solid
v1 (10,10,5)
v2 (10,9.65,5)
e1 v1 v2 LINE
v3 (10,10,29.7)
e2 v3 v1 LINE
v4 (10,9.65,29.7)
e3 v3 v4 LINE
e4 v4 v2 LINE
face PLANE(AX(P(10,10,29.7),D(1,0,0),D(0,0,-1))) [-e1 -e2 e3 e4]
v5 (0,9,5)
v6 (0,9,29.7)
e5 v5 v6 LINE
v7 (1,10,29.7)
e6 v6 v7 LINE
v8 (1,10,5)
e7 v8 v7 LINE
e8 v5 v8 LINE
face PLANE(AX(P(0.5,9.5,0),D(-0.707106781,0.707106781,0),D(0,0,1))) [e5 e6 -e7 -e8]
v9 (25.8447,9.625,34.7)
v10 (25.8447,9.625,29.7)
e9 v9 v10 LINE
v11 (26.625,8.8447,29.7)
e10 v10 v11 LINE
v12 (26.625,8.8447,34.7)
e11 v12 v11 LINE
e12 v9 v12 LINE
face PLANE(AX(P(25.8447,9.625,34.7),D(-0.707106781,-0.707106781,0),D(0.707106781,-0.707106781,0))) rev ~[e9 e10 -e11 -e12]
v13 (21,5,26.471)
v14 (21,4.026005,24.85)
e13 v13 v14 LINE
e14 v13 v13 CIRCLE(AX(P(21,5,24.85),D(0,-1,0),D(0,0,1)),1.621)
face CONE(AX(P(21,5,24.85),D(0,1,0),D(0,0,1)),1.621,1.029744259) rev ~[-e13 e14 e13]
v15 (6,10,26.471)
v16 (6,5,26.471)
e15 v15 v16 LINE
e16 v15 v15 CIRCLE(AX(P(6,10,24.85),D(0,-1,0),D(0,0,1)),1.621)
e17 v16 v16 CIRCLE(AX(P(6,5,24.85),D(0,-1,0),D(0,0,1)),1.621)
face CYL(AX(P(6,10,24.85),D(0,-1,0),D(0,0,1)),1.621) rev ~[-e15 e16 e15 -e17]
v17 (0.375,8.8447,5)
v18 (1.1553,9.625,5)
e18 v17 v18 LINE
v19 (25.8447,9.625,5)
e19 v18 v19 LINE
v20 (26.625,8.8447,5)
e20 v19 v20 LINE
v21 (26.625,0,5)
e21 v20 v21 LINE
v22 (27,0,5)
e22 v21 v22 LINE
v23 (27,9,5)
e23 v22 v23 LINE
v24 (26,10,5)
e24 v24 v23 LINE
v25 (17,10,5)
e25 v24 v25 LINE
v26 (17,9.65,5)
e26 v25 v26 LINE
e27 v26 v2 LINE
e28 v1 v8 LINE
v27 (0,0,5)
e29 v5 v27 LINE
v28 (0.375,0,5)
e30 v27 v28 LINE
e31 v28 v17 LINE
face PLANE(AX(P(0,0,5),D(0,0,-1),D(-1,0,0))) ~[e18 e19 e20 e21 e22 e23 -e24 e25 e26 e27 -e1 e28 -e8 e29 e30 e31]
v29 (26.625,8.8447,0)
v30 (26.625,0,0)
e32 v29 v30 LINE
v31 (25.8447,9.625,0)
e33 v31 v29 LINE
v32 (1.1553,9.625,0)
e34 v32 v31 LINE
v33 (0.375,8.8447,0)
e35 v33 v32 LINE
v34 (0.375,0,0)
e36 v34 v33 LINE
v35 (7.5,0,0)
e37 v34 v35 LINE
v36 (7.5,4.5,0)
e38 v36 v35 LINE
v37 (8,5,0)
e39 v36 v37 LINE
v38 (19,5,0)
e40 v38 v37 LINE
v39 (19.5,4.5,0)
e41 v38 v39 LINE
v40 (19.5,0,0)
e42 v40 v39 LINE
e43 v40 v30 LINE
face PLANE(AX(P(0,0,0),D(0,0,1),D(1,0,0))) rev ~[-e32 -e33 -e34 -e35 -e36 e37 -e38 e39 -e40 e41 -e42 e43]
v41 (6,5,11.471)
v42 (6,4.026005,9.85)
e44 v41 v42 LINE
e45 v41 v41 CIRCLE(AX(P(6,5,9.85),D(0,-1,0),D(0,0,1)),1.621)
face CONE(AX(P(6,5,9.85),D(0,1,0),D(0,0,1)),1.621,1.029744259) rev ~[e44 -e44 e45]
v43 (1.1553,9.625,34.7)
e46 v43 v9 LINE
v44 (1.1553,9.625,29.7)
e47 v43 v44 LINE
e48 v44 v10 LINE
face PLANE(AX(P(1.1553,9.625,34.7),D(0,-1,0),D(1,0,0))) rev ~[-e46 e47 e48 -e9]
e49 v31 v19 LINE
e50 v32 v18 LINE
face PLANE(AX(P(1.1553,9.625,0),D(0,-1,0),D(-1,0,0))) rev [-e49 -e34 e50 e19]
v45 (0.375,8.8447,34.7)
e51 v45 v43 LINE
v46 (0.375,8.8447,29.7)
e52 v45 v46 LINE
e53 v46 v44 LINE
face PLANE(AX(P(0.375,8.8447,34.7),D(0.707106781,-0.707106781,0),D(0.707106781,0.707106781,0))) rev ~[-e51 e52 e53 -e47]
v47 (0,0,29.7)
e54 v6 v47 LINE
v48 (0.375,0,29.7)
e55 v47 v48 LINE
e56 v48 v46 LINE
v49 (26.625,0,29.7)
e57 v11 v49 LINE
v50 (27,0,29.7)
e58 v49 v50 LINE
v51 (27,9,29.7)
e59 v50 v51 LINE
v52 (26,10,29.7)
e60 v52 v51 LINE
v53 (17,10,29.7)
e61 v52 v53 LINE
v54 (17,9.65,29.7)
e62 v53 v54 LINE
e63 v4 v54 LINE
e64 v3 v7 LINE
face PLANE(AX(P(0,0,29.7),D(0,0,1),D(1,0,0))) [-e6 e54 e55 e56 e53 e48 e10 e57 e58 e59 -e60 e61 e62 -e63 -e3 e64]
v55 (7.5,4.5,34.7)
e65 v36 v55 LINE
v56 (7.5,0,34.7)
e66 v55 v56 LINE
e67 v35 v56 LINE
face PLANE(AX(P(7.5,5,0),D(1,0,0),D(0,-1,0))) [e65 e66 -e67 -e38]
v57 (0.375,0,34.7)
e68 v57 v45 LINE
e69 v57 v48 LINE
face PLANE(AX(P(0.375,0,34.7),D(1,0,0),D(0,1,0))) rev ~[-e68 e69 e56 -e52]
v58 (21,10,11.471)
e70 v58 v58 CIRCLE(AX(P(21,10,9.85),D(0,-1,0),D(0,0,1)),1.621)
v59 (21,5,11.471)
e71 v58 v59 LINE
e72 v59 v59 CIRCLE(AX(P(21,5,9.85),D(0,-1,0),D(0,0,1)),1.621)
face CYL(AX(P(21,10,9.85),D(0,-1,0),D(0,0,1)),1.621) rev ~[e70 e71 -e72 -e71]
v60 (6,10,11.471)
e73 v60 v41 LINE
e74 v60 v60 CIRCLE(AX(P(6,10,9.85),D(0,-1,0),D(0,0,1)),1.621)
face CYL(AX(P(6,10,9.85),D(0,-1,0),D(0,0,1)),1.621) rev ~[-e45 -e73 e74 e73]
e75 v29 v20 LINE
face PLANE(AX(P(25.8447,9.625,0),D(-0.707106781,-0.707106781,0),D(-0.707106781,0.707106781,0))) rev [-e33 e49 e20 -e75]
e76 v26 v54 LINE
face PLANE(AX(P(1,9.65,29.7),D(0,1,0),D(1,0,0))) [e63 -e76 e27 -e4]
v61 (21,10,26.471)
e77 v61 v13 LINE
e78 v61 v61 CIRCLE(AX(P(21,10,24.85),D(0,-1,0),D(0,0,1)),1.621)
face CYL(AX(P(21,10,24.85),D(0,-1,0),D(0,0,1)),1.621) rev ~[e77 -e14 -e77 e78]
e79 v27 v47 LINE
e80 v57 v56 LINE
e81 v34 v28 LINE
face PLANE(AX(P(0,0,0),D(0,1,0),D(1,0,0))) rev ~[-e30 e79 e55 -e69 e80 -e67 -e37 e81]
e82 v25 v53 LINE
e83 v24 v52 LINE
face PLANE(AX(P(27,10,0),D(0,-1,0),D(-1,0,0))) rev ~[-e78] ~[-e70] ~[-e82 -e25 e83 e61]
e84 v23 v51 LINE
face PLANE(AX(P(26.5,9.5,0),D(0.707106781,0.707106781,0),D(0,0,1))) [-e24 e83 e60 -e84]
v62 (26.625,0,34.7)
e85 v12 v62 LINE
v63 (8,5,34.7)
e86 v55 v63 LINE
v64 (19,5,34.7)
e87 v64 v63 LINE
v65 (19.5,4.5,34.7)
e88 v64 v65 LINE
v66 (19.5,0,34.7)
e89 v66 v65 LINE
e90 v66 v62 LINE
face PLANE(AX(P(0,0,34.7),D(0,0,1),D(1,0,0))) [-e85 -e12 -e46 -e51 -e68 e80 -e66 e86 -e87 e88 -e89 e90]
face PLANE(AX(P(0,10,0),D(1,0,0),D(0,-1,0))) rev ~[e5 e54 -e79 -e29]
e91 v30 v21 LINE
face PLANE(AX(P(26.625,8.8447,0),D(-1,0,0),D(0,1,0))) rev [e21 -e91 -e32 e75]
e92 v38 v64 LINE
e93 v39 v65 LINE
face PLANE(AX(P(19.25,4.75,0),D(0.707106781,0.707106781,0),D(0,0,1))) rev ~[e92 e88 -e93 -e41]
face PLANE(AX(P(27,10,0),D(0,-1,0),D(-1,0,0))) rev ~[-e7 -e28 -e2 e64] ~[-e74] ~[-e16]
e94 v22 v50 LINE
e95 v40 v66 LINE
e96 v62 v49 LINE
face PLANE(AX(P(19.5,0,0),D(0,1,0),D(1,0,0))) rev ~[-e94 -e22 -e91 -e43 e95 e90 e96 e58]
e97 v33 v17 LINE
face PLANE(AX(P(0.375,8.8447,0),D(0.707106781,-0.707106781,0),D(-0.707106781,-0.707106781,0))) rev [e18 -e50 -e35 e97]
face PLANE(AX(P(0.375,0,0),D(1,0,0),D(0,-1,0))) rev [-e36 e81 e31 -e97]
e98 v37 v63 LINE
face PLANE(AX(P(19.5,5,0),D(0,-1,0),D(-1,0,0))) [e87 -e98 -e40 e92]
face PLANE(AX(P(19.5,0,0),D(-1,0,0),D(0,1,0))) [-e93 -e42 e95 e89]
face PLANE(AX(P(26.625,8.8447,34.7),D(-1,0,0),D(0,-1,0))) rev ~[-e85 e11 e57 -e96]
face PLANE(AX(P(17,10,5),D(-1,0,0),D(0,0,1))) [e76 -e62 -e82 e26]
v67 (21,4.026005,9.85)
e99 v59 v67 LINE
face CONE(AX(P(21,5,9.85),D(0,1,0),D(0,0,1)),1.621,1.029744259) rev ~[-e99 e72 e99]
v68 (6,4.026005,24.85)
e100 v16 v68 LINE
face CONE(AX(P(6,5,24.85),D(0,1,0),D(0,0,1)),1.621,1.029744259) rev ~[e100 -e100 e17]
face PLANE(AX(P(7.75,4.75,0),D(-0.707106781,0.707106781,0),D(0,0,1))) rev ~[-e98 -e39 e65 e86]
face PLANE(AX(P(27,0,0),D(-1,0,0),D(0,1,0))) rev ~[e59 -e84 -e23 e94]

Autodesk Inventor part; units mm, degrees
ref_plane "YZ Plane" through (0, 0, 0) normal (1, 0, 0) x (0, 1, 0)
ref_plane "XZ Plane" through (0, 0, 0) normal (0, 1, 0) x (-1, 0, 0)
ref_plane "XY Plane" through (0, 0, 0) normal (0, 0, 1) x (1, 0, 0)
sketch "Sketch1" plane through (0, 0, 0) normal (0, 0, 1) x (1, 0, 0)
  line L0 (0, 0) -> (27, 0)
  line L1 (27, 0) -> (27, 10)
  line L2 (27, 10) -> (0, 10)
  line L3 (0, 10) -> (0, 0)
  line L4 (7.5, 0) -> (19.5, 0)
  line L5 (19.5, 0) -> (19.5, 5)
  line L6 (19.5, 5) -> (7.5, 5)
  line L7 (7.5, 5) -> (7.5, 0)
  point P0 (13.5, 5)
  point P1 (13.5, 10)
  dimension "d0" = 27
  dimension "d1" = 10
  dimension "d2" = 5
  dimension "d3" = 12
extrude "Extrusion1" add sketch "Sketch1" along normal blind 34.7 contours L3 L2 L1 L0 L5 L6 L7
chamfer "Chamfer1" distance 1 angle 45 2 edges at (27, 10, 17.35) (0, 10, 17.35)
chamfer "Chamfer2" distance 0.5 angle 45 2 edges at (7.5, 5, 17.35) (19.5, 5, 17.35)
sketch "Sketch2" plane through (1, 10, 0) normal (0, 1, 0) x (1, 0, 0)
  line L0 (18, -34.7) -> (18, 0) projected
  line L1 (-1, 0) -> (-1, -34.7) projected
  line L2 (25, 0) -> (0, 0) projected
  line L3 (5, -9.85) -> (20, -9.85)
  line L4 (20, -9.85) -> (20, -24.85)
  line L5 (20, -24.85) -> (5, -24.85)
  line L6 (5, -24.85) -> (5, -9.85)
  line L7 (25, 0) -> (25, -34.7) projected
  point P0 (-1, -17.35)
  point P1 (12.5, 0)
  point P2 (12.5, -9.85)
  point P3 (12.5, 0)
  point P4 (20, -17.35)
  point P5 (25, -17.35)
  dimension "d12" = 15
  dimension "d13" = 15
hole "Hole1" at (21, 10, 9.85) at (21, 10, 24.85) at (6, 10, 24.85) at (6, 10, 9.85) direction (0, -1, 0) diameter 3.242 depth 5 tip angle 118 thread size "M4x0.7" class "6H" standard "ISO Metric profile"
sketch "Sketch3" plane through (0, 0, 34.7) normal (0, 0, 1) x (1, 0, 0)
  line L0 (0, 9) -> (0, 0) projected
  line L1 (0, 9) -> (1, 10) projected
  line L2 (26, 10) -> (1, 10) projected
  line L3 (26, 10) -> (27, 9) projected
  line L4 (27, 0) -> (27, 9) projected
  line L5 (0.375, 0) -> (0.375, 8.8447)
  line L6 (0.375, 8.8447) -> (1.1553, 9.625)
  line L7 (1.1553, 9.625) -> (25.8447, 9.625)
  line L8 (25.8447, 9.625) -> (26.625, 8.8447)
  line L9 (26.625, 8.8447) -> (26.625, 0)
  line L10 (19.5, 0) -> (27, 0) projected
  line L11 (26.625, 0) -> (27, 0)
  line L12 (27, 0) -> (0.375, 0)
  line L13 (0, 0) -> (7.5, 0) projected
  line L14 (0.375, 0) -> (0, 0)
  dimension "d21" = 0.375
extrude "Extrusion2" cut sketch "Sketch3" against normal blind 5 contours L1 L2 L3 L4 L10 L9 L8 L7 L6 L5 L13 L0
ref_plane "Work Plane1" through (0, 0, 17.35) normal (0, 0, 1) x (1, 0, 0)
mirror "Mirror1" about plane through (0, 0, 17.35) normal (0, 0, 1) of "Extrusion2"
sketch "Sketch4" plane through (1, 10, 29.7) normal (0, 1, 0) x (1, 0, 0)
  circle A0 centre (5, 19.85) radius 1.621 projected
  circle A1 centre (20, 4.85) radius 1.621 projected
  circle A2 centre (20, 19.85) radius 1.621 projected
  circle A3 centre (5, 4.85) radius 1.621 projected
  line L0 (25, 24.7) -> (0, 24.7) projected
  line L1 (0, 0) -> (0, 24.7) projected
  line L2 (0, 0) -> (25, 0) projected
  line L3 (25, 24.7) -> (25, 0) projected
  line L4 (25, 24.7) -> (0, 24.7) projected
  line L5 (0, 0) -> (25, 0) projected
  line L6 (9, 24.7) -> (16, 24.7)
  line L7 (16, 24.7) -> (16, 0)
  line L8 (16, 0) -> (9, 0)
  line L9 (9, 0) -> (9, 24.7)
  point P0 (-1, 29.7)
  point P1 (12.5, 24.7)
  point P2 (12.5, 24.7)
  dimension "d24" = 7
extrude "Extrusion3" cut sketch "Sketch4" against normal blind 0.35 contours L7 L2 L9 L0
properties part number "MGN Block"
